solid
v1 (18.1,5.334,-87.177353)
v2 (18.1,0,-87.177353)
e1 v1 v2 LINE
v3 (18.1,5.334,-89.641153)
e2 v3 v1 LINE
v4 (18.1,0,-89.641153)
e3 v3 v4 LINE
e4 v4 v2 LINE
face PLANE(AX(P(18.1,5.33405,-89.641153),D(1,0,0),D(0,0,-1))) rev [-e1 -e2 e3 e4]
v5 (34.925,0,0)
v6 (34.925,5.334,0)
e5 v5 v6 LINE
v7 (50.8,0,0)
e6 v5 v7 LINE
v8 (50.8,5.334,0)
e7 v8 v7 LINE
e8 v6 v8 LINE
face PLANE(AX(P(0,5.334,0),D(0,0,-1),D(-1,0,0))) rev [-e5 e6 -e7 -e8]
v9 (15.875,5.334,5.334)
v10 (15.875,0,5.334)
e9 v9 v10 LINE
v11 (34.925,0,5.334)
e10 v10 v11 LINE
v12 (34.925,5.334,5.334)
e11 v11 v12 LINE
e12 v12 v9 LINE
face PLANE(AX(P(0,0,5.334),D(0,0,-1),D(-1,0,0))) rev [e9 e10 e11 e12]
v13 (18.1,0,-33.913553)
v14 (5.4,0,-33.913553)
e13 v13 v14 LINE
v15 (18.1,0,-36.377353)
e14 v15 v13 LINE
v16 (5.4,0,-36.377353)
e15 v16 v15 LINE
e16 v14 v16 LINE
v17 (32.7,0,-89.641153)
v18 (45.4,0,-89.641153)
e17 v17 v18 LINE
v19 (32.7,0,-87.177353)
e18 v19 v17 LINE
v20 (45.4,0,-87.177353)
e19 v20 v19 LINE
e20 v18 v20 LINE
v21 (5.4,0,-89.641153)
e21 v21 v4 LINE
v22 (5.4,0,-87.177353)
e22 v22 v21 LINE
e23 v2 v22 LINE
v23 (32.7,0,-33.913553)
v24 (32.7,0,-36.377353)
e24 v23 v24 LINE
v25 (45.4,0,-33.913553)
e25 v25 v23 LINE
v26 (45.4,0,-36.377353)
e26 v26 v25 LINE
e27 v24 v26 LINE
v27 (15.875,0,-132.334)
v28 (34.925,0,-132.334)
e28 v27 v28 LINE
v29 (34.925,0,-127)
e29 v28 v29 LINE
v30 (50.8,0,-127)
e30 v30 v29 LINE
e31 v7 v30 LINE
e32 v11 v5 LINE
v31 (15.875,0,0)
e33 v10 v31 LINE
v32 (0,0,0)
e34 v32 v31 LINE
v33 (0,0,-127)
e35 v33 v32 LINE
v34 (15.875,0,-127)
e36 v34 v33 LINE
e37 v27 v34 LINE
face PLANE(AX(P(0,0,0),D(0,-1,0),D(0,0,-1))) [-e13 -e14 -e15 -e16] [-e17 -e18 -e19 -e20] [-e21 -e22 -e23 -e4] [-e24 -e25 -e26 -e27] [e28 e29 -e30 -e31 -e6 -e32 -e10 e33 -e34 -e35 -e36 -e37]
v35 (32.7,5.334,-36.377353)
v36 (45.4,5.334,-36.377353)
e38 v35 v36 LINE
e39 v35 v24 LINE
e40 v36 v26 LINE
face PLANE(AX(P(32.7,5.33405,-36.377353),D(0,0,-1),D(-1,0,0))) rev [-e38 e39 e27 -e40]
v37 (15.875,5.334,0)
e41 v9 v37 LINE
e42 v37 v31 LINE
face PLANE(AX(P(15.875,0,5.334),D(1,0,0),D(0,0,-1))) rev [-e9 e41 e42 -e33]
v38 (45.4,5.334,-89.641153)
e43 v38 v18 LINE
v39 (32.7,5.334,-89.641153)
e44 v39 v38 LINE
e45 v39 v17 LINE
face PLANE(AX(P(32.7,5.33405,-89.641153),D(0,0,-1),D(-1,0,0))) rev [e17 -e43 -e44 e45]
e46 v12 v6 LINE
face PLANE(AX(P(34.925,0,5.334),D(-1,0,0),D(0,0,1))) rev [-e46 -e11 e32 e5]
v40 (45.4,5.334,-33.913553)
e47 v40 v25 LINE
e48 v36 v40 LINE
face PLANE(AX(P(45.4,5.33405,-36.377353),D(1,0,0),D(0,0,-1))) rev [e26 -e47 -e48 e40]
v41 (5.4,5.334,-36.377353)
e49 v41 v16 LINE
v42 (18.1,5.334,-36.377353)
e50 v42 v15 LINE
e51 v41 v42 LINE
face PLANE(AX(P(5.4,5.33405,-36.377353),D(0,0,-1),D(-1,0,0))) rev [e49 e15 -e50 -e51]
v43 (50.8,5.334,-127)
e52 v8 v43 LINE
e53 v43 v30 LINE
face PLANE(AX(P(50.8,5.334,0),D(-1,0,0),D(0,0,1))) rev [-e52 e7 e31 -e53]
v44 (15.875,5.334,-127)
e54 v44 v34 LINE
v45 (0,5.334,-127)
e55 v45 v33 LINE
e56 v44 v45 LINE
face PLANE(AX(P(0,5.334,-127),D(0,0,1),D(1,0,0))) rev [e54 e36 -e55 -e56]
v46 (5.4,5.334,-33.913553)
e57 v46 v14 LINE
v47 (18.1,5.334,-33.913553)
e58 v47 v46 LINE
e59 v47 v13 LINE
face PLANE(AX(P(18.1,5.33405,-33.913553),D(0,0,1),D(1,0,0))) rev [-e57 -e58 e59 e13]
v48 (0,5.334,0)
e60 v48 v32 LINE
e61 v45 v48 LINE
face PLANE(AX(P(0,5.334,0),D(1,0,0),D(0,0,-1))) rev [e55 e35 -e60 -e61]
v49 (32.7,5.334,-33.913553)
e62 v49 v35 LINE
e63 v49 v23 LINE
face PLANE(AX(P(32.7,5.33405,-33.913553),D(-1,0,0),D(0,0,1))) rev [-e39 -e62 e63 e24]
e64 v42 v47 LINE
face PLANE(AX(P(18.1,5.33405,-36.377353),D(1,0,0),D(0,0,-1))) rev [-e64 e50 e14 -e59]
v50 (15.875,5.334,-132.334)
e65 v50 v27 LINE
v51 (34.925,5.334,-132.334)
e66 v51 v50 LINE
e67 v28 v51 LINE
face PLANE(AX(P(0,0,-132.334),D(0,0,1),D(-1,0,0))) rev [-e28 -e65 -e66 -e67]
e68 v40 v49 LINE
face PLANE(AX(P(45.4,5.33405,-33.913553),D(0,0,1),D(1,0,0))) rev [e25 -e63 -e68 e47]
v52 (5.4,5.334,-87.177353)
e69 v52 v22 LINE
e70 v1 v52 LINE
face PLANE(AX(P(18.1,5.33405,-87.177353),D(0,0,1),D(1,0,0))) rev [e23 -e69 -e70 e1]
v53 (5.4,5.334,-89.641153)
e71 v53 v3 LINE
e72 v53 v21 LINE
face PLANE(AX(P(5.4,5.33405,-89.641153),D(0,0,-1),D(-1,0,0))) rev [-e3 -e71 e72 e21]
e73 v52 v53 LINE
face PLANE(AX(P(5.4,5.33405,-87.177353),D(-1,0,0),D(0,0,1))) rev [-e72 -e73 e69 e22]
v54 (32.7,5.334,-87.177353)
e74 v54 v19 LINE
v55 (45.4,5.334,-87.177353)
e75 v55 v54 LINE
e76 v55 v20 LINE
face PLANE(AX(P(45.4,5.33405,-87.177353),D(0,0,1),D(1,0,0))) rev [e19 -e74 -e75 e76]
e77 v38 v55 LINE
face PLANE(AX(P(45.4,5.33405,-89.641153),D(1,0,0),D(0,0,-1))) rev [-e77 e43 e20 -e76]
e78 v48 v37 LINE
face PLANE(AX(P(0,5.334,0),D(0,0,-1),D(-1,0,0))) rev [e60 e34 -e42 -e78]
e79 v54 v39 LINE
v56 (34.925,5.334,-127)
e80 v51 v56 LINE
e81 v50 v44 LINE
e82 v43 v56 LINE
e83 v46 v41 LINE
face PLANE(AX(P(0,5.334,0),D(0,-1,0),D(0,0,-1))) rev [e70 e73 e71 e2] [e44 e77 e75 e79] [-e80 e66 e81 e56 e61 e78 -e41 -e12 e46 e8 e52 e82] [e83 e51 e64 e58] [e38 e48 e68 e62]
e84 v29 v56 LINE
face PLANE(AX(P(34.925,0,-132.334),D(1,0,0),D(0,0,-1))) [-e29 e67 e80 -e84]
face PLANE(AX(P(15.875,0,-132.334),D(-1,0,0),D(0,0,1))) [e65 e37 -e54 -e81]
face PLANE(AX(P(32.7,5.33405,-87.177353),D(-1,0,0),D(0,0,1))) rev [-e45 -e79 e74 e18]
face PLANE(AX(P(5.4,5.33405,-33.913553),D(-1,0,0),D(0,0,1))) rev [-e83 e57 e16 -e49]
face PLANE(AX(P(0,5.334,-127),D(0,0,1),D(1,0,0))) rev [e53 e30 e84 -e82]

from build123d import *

# Parameters (mm, degrees)
SKETCH2_W          = 50.8
SKETCH2_H          = 127
BASE_DEPTH         = 5.334
SKETCH3_W          = 19.05
SKETCH3_H          = 5.334
TABS_DEPTH         = 5.334
SKETCH4_W          = 12.7
SKETCH4_H          = 2.4638
MOUNT_POINTS_DEPTH = 142.849847064


with BuildPart() as part:
    # Sketch2 → Base (new body)
    with BuildSketch(Plane(origin=(0, 0, 0), x_dir=(1, 0, 0), z_dir=(0, 1, 0))):
        with Locations((25.4, 63.5)):
            Rectangle(SKETCH2_W, SKETCH2_H)
    extrude(amount=BASE_DEPTH)

    # Sketch3 → Tabs (add)
    with BuildSketch(Plane.XY):
        with Locations((25.4, 2.667)):
            Rectangle(SKETCH3_W, SKETCH3_H)
    tabs = extrude(amount=TABS_DEPTH)

    # Tabs Mirror: Tabs across plane
    add(tabs.mirror(Plane.XY.offset(-63.5)))

    # Sketch4 → Mount Points (cut, through all)
    with BuildSketch(Plane.XZ):
        with Locations((11.75, -35.145453499)):
            Rectangle(SKETCH4_W, SKETCH4_H)
        with Locations((39.05, -35.145453499)):
            Rectangle(SKETCH4_W, SKETCH4_H)
        with Locations((11.75, -88.409253499)):
            Rectangle(SKETCH4_W, SKETCH4_H)
        with Locations((39.05, -88.409253499)):
            Rectangle(SKETCH4_W, SKETCH4_H)
    extrude(amount=-MOUNT_POINTS_DEPTH, mode=Mode.SUBTRACT)


solid = part.part
